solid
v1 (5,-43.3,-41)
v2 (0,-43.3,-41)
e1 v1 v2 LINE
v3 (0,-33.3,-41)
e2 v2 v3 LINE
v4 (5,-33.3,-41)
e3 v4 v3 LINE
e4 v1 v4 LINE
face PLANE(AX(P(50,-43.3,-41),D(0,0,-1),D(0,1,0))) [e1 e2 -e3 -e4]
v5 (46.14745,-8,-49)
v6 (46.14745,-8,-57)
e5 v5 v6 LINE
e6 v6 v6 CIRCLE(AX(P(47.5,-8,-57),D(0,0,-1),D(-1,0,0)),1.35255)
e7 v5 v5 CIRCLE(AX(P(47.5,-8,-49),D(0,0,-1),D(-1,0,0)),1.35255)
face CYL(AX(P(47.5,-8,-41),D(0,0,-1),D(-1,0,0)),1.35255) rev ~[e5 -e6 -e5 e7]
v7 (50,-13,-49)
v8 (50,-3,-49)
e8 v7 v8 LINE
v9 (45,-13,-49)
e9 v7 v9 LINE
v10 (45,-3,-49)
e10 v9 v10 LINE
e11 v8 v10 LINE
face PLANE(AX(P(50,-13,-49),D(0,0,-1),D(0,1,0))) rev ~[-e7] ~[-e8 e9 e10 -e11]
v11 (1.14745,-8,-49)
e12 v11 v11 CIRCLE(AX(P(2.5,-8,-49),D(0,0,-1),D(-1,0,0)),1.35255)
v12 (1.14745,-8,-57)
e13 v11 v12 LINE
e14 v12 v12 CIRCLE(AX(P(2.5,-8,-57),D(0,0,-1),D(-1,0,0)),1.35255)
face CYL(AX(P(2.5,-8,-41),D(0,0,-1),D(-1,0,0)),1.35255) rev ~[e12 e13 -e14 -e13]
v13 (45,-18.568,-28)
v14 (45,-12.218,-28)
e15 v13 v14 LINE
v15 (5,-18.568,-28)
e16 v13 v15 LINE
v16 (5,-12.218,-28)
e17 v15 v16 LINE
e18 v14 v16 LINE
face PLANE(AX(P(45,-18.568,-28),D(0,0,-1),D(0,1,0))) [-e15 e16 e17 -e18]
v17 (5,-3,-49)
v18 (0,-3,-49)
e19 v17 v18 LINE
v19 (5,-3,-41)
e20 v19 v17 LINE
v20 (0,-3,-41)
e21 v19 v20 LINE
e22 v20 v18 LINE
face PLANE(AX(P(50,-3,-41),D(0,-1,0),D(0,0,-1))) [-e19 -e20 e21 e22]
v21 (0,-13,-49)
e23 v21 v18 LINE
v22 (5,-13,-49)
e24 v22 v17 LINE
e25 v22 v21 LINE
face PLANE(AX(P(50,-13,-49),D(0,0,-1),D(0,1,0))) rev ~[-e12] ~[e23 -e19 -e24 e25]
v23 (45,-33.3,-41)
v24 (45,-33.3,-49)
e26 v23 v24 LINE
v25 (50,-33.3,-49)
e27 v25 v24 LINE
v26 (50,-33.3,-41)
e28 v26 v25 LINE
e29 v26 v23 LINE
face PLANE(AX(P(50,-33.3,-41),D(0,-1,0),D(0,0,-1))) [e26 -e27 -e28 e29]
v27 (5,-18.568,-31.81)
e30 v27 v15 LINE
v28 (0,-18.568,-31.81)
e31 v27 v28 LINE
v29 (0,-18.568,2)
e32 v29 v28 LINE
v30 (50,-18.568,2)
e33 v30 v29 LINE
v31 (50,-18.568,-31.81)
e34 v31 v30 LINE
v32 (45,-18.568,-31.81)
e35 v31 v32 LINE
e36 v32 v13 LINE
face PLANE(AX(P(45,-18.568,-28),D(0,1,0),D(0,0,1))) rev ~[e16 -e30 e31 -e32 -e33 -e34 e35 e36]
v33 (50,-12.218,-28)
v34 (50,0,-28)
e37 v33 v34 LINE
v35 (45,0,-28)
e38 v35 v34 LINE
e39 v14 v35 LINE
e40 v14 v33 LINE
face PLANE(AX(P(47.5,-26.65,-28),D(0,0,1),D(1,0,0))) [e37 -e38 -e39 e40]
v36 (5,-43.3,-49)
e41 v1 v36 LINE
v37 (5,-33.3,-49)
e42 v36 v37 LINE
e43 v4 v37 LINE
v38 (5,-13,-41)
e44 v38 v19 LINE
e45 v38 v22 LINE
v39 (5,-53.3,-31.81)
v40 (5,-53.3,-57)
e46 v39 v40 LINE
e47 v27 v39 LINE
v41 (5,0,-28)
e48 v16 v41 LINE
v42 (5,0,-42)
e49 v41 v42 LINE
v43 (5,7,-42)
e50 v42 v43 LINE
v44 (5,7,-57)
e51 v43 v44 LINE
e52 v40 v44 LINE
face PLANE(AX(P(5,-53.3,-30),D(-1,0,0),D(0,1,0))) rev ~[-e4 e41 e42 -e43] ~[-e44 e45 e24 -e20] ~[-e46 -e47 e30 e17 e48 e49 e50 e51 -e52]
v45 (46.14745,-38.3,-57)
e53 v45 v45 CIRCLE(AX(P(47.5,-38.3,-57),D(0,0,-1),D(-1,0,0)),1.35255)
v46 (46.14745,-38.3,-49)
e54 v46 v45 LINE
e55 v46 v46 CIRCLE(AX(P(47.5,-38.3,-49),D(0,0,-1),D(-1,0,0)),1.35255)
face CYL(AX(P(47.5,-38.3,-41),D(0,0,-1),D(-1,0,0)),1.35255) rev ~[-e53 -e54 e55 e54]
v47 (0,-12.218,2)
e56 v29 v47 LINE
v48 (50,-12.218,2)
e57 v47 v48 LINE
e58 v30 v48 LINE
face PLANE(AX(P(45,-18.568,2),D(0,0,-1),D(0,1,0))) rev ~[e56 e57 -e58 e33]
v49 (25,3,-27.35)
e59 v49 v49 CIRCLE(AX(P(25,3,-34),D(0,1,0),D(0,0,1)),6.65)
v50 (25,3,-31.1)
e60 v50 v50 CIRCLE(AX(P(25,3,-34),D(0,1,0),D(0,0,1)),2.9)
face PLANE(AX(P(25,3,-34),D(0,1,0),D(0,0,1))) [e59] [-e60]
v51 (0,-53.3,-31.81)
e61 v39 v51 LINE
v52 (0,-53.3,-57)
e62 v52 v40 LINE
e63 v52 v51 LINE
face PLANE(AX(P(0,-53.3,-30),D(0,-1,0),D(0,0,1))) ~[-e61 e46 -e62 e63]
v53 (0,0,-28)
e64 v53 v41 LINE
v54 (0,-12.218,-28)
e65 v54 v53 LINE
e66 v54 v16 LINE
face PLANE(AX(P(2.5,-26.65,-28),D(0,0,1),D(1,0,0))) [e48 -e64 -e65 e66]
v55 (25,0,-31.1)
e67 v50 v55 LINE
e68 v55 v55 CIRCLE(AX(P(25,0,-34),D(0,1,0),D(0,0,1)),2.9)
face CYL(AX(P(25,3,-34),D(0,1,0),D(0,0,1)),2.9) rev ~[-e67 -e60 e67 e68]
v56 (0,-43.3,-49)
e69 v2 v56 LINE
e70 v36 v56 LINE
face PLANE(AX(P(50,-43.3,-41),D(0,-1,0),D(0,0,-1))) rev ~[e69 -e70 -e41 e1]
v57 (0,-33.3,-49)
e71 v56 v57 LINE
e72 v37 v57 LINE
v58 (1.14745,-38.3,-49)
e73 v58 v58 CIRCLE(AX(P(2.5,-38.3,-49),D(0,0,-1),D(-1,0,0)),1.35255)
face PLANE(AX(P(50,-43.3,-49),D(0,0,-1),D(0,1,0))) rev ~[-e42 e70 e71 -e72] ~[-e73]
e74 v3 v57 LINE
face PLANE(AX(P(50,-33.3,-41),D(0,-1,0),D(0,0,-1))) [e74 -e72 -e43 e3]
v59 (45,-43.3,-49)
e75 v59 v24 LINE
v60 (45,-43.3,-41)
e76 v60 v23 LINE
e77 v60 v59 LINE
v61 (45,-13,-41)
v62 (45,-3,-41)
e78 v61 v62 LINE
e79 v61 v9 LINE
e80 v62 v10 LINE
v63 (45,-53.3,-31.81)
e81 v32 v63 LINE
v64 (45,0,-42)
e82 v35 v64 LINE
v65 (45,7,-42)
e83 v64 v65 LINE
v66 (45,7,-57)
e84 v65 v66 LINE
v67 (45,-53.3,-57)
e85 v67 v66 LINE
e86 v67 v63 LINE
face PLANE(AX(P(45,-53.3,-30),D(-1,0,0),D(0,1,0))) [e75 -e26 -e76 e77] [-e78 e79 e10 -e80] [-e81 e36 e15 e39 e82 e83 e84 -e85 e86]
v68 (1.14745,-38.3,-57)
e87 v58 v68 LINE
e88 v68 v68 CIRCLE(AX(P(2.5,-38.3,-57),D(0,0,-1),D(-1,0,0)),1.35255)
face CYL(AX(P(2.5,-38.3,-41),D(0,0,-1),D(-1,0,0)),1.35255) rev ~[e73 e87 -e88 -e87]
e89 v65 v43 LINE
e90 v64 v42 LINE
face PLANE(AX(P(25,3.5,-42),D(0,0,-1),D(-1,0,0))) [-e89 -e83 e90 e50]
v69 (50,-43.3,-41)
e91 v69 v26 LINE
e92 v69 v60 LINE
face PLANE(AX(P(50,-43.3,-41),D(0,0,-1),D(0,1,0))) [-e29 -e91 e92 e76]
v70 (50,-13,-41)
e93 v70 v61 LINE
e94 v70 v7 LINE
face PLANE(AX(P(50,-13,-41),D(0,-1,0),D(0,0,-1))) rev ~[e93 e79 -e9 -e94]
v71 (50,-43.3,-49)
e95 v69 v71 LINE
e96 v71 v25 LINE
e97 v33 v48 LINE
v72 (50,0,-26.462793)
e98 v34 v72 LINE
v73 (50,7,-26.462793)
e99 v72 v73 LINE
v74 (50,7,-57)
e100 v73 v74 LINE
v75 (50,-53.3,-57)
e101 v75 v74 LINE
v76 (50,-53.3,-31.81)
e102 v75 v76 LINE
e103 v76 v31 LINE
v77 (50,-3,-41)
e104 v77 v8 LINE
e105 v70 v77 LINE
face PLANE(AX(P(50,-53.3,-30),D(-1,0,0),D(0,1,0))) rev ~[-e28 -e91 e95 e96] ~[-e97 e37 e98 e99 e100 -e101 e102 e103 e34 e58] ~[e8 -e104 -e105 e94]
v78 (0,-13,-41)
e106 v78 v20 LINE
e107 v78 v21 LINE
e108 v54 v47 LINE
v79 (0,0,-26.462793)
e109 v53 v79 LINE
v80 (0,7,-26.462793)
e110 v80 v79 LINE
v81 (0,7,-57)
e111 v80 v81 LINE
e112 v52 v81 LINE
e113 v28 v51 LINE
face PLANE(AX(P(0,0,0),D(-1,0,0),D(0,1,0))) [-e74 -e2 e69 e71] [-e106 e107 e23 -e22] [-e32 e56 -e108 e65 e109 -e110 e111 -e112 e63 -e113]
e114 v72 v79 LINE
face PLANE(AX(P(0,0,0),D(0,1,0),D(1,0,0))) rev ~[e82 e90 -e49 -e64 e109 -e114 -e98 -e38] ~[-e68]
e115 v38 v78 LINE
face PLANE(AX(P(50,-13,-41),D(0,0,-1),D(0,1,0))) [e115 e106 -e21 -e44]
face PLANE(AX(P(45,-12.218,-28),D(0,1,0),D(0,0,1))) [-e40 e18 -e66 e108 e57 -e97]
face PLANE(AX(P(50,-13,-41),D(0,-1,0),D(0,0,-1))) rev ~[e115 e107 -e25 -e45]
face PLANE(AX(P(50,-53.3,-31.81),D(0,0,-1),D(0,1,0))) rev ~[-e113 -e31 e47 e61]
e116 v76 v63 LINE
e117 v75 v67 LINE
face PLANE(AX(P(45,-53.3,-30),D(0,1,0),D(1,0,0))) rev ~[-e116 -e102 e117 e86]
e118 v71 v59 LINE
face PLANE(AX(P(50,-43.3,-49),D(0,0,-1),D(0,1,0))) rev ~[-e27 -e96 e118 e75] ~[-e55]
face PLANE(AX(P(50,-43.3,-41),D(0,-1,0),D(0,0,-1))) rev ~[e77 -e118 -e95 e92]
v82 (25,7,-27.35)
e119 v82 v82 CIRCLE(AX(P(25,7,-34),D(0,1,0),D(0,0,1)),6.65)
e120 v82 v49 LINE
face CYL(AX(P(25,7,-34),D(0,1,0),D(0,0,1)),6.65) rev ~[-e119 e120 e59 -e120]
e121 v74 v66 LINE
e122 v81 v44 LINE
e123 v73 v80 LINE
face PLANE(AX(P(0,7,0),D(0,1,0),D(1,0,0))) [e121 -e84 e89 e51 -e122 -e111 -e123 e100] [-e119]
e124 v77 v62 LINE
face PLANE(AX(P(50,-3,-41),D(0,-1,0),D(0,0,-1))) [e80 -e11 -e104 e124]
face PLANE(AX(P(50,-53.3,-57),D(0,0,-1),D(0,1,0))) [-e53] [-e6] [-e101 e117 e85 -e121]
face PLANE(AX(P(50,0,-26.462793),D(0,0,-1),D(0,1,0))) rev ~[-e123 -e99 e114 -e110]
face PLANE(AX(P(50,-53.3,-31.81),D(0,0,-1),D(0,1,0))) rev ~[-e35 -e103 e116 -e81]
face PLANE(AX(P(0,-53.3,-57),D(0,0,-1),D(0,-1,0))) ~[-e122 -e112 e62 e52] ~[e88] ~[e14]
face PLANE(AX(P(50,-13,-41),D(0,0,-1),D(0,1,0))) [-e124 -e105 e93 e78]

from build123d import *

# Parameters (mm, degrees)
SKETCH1_W                 = 50
SKETCH1_H                 = 30
BOSS_EXTRUDE1_DEPTH       = 7
SKETCH2_W                 = 27
SKETCH2_H                 = 60.3
BOSS_EXTRUDE2_DEPTH       = 5
SKETCH3_W                 = 40
SKETCH3_H                 = 7
BOSS_EXTRUDE3_DEPTH       = 12
SKETCH4_R                 = 6.65
CUT_EXTRUDE1_DEPTH        = 4
CUT_EXTRUDE2_REACH        = 96.439
SKETCH5_R                 = 2.9
SKETCH6_W                 = 8
SKETCH6_H                 = 10
CUT_EXTRUDE3_DEPTH        = 93.681659459
F_2_CLEARANCE_HOLE1_D     = 2.7051
F_2_CLEARANCE_HOLE1_DEPTH = 8
SKETCH10_W                = 50
SKETCH10_H                = 7
BOSS_EXTRUDE4_DEPTH       = 2
SKETCH11_W                = 5
SKETCH11_H                = 53.3
BOSS_EXTRUDE5_DEPTH       = 2
SKETCH13_W                = 5
SKETCH13_H                = 6.35
BOSS_EXTRUDE6_DEPTH       = 30
SKETCH14_W                = 30
SKETCH14_H                = 6.35
BOSS_EXTRUDE7_DEPTH       = 40
SKETCH15_W                = 28.462792601
SKETCH15_H                = 7
CUT_EXTRUDE4_DEPTH        = 93.681659459
SKETCH16_W                = 3.81
SKETCH16_H                = 34.732
CUT_EXTRUDE5_DEPTH        = 93.681659459


with BuildPart() as part:
    # Sketch1 → Boss-Extrude1 (new body)
    with BuildSketch(Plane(origin=(0, 0, 0), x_dir=(1, 0, 0), z_dir=(0, 1, 0))):
        with Locations((25, 15)):
            Rectangle(SKETCH1_W, SKETCH1_H)
    extrude(amount=BOSS_EXTRUDE1_DEPTH)

    # Sketch2 → Boss-Extrude2 (add)
    with BuildSketch(Plane(origin=(50, 0, 0), x_dir=(0, 0, -1), z_dir=(1, 0, 0))):
        with Locations((43.5, -23.15)):
            Rectangle(SKETCH2_W, SKETCH2_H)
    boss_extrude2 = extrude(amount=-BOSS_EXTRUDE2_DEPTH)

    # Mirror1: Boss-Extrude2 across plane
    add(boss_extrude2.mirror(Plane(origin=(25, 0, 0), x_dir=(0, 0, 1), z_dir=(1, 0, 0))))

    # Sketch3 → Boss-Extrude3 (add)
    with BuildSketch(Plane(origin=(0, 0, -30), x_dir=(-1, 0, 0), z_dir=(0, 0, -1))):
        with Locations((-25, 3.5)):
            Rectangle(SKETCH3_W, SKETCH3_H)
    extrude(amount=BOSS_EXTRUDE3_DEPTH)

    # Sketch4 → Cut-Extrude1 (cut)
    with BuildSketch(Plane(origin=(0, 7, 0), x_dir=(1, 0, 0), z_dir=(0, 1, 0))):
        with Locations(Location((25, 34, 0), (0, 0, 270))):
            Circle(SKETCH4_R)
    extrude(amount=-CUT_EXTRUDE1_DEPTH, mode=Mode.SUBTRACT)

    # Sketch5 → Cut-Extrude2 (cut, up to next)
    with BuildSketch(Plane(origin=(0, 3, 0), x_dir=(1, 0, 0), z_dir=(0, 1, 0)), mode=Mode.PRIVATE) as cut_extrude2_sk1:
        with Locations(Location((25, 34, 0), (0, 0, 270))):
            Circle(SKETCH5_R)
    cut_extrude2_tool1 = extrude(cut_extrude2_sk1.sketch, amount=-CUT_EXTRUDE2_REACH, mode=Mode.PRIVATE) & part.part
    add(cut_extrude2_tool1.solids().sort_by_distance((25, 3, -34))[0], mode=Mode.SUBTRACT)

    # Sketch6 → Cut-Extrude3 (cut, through all)
    with BuildSketch(Plane(origin=(50, 0, 0), x_dir=(0, 0, -1), z_dir=(1, 0, 0))):
        with Locations((45, -8)):
            Rectangle(SKETCH6_W, SKETCH6_H)
        with Locations((45, -38.3)):
            Rectangle(SKETCH6_W, SKETCH6_H)
    extrude(amount=-CUT_EXTRUDE3_DEPTH, mode=Mode.SUBTRACT)

    # #2 Clearance Hole1
    with Locations(Plane.XY.offset(-49)):
        with Locations((47.5, -38.3), (47.5, -8), (2.5, -8), (2.5, -38.3)):
            Hole(F_2_CLEARANCE_HOLE1_D / 2, depth=F_2_CLEARANCE_HOLE1_DEPTH)

    # Sketch10 → Boss-Extrude4 (add)
    with BuildSketch(Plane.XY):
        with Locations((25, 3.5)):
            Rectangle(SKETCH10_W, SKETCH10_H)
    extrude(amount=BOSS_EXTRUDE4_DEPTH)

    # Sketch11 → Boss-Extrude5 (add)
    with BuildSketch(Plane.XY.offset(-30)):
        with Locations((47.5, -26.65)):
            Rectangle(SKETCH11_W, SKETCH11_H)
        with Locations((2.5, -26.65)):
            Rectangle(SKETCH11_W, SKETCH11_H)
    extrude(amount=BOSS_EXTRUDE5_DEPTH)

    # Sketch13 → Boss-Extrude6 (add)
    with BuildSketch(Plane.XY.offset(-28)):
        with Locations((47.5, -15.393)):
            Rectangle(SKETCH13_W, SKETCH13_H)
        with Locations((2.5, -15.393)):
            Rectangle(SKETCH13_W, SKETCH13_H)
    extrude(amount=BOSS_EXTRUDE6_DEPTH)

    # Sketch14 → Boss-Extrude7 (add)
    with BuildSketch(Plane.ZY.offset(-45)):
        with Locations((-13, -15.393)):
            Rectangle(SKETCH14_W, SKETCH14_H)
    extrude(amount=BOSS_EXTRUDE7_DEPTH)

    # Sketch15 → Cut-Extrude4 (cut, through all)
    with BuildSketch(Plane(origin=(50, 0, 0), x_dir=(0, 0, -1), z_dir=(1, 0, 0))):
        with Locations((12.231396301, 3.5)):
            Rectangle(SKETCH15_W, SKETCH15_H)
    extrude(amount=-CUT_EXTRUDE4_DEPTH, mode=Mode.SUBTRACT)

    # Sketch16 → Cut-Extrude5 (cut, through all)
    with BuildSketch(Plane(origin=(50, 0, 0), x_dir=(0, 0, -1), z_dir=(1, 0, 0))):
        with Locations((29.905, -35.934)):
            Rectangle(SKETCH16_W, SKETCH16_H)
    extrude(amount=-CUT_EXTRUDE5_DEPTH, mode=Mode.SUBTRACT)


solid = part.part
